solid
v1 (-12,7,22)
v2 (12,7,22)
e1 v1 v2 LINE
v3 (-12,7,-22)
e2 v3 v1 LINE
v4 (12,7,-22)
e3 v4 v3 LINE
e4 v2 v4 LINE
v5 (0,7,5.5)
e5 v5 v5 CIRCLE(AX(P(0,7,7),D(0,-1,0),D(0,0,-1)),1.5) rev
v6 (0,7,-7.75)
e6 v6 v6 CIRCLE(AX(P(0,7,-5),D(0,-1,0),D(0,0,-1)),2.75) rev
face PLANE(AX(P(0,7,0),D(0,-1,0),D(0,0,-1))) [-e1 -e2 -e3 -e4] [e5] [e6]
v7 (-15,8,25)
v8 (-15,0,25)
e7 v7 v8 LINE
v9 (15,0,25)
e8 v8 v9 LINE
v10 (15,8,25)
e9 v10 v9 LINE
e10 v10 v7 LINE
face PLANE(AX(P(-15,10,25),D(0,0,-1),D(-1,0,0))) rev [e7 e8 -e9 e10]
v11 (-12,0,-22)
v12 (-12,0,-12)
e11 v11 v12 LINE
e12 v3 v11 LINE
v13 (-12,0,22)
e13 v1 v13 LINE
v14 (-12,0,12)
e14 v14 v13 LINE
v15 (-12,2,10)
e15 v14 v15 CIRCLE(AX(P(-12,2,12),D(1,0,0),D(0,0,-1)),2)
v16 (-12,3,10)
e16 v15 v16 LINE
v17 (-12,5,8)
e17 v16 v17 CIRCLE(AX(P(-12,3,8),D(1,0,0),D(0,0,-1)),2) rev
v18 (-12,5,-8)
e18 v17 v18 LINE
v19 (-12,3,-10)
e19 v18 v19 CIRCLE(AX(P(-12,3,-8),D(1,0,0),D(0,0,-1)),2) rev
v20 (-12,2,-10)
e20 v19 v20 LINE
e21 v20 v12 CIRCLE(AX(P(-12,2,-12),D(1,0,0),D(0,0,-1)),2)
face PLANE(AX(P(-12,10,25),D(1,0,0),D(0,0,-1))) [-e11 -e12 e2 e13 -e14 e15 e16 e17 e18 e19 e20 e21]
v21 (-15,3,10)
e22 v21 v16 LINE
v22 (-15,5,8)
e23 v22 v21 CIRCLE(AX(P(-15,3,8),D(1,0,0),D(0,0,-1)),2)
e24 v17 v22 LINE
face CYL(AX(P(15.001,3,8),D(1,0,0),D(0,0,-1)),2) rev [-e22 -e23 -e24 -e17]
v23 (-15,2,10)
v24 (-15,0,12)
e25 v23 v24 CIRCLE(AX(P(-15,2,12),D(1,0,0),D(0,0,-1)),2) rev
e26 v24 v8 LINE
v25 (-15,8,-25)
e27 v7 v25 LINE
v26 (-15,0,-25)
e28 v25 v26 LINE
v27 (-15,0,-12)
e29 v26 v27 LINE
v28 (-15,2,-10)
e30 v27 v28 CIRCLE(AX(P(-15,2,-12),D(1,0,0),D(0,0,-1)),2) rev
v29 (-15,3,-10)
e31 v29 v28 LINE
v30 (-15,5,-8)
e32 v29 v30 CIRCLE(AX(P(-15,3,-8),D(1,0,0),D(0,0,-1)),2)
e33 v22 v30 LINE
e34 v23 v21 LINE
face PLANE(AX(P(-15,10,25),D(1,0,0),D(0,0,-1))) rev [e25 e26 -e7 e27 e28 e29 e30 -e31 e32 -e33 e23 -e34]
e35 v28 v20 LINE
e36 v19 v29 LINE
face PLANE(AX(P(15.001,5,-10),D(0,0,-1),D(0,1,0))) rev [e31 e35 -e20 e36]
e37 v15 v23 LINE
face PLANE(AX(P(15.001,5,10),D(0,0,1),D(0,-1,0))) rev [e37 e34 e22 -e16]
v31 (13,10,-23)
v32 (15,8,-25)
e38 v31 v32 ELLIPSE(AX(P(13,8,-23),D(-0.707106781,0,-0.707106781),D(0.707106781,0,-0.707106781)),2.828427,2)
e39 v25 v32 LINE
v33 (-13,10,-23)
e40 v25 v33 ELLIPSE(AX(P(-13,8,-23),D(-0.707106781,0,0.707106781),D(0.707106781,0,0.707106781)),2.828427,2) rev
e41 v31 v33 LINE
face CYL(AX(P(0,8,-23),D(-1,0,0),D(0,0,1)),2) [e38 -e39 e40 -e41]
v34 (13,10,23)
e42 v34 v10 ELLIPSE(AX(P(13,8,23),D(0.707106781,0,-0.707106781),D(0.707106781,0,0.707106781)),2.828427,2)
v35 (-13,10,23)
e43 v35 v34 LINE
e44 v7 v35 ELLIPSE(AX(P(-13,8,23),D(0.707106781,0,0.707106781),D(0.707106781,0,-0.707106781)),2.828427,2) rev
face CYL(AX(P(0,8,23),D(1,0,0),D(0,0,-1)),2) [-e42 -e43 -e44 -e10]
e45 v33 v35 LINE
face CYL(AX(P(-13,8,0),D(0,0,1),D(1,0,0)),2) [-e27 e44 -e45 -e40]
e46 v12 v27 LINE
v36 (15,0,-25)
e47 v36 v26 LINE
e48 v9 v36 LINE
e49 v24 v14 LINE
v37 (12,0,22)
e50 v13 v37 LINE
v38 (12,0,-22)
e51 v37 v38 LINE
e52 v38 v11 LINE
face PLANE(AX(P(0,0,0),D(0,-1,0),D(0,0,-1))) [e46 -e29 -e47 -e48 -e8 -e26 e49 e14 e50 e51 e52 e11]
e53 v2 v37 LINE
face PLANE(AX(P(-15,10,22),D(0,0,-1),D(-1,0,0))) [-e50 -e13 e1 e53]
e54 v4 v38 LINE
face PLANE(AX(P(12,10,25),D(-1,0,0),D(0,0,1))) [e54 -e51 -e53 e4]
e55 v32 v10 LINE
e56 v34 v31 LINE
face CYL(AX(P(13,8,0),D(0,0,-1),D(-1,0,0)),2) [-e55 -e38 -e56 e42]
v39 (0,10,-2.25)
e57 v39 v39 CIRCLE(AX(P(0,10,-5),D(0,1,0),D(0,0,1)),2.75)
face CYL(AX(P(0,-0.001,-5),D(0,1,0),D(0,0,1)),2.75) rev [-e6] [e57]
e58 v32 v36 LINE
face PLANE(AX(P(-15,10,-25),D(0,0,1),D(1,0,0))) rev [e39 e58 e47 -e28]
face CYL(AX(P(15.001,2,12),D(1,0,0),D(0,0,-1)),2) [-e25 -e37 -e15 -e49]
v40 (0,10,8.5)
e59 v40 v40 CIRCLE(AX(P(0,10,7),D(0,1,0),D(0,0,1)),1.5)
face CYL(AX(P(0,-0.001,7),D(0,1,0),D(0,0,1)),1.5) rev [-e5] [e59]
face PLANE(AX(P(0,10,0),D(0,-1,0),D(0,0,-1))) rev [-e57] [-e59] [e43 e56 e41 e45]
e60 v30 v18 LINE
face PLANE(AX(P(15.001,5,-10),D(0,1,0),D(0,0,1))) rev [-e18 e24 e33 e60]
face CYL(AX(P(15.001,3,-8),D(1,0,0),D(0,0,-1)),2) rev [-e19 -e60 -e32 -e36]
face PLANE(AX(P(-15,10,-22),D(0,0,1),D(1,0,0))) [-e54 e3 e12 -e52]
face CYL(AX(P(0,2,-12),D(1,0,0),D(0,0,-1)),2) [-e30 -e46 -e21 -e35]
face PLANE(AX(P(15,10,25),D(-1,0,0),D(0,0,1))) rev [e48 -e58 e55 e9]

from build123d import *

# Parameters (mm, degrees)
SKETCH1_W           = 30
SKETCH1_H           = 50
BOSS_EXTRUDE1_DEPTH = 10
SHELL1_T            = -3
CUT_EXTRUDE1_REACH  = 32.822
SKETCH2_R           = 1.5
SKETCH2_R_2         = 2.75
CUT_EXTRUDE2_REACH  = 42.311
SKETCH3_W           = 20
SKETCH3_H           = 5
FILLET1_R           = 2
FILLET2_R           = 2


with BuildPart() as part:
    # Sketch1 → Boss-Extrude1 (new body)
    with BuildSketch(Plane(origin=(0, 0, 0), x_dir=(1, 0, 0), z_dir=(0, 1, 0))):
        Rectangle(SKETCH1_W, SKETCH1_H)
    extrude(amount=BOSS_EXTRUDE1_DEPTH)

    # Shell1
    shell1_openings = [part.faces().sort_by_distance(p)[0] for p in [
        (0, 0, 0),
    ]]
    offset(amount=SHELL1_T, openings=shell1_openings, kind=Kind.INTERSECTION)

    # Sketch2 → Cut-Extrude1 (cut, up to next)
    with BuildSketch(Plane(origin=(0, 10, 0), x_dir=(1, 0, 0), z_dir=(0, 1, 0)), mode=Mode.PRIVATE) as cut_extrude1_sk1:
        with Locations(Location((0, -7, 0), (0, 0, 270))):
            Circle(SKETCH2_R)
    cut_extrude1_tool1 = extrude(cut_extrude1_sk1.sketch, amount=-CUT_EXTRUDE1_REACH, mode=Mode.PRIVATE) & part.part
    # Sketch2 → Cut-Extrude1 (cut, up to next)
    with BuildSketch(Plane(origin=(0, 10, 0), x_dir=(1, 0, 0), z_dir=(0, 1, 0)), mode=Mode.PRIVATE) as cut_extrude1_sk2:
        with Locations(Location((0, 5, 0), (0, 0, 270))):
            Circle(SKETCH2_R_2)
    cut_extrude1_tool2 = extrude(cut_extrude1_sk2.sketch, amount=-CUT_EXTRUDE1_REACH, mode=Mode.PRIVATE) & part.part
    add(cut_extrude1_tool1.solids().sort_by_distance((0, 10, 7))[0], mode=Mode.SUBTRACT)
    add(cut_extrude1_tool2.solids().sort_by_distance((0, 10, -5))[0], mode=Mode.SUBTRACT)

    # Sketch3 → Cut-Extrude2 (cut, up to next)
    with BuildSketch(Plane.ZY.offset(15), mode=Mode.PRIVATE) as cut_extrude2_sk1:
        with Locations((0, 2.5)):
            Rectangle(SKETCH3_W, SKETCH3_H)
    cut_extrude2_tool1 = extrude(cut_extrude2_sk1.sketch, amount=-CUT_EXTRUDE2_REACH, mode=Mode.PRIVATE) & part.part
    add(cut_extrude2_tool1.solids().sort_by_distance((-15, 2.5, 0))[0], mode=Mode.SUBTRACT)

    # Fillet1
    fillet1_edges = [part.edges().sort_by_distance(p)[0] for p in [
        (-13.5, 5, -10),
        (-13.5, 0, -10),
        (-13.5, 0, 10),
        (-13.5, 5, 10),
    ]]
    fillet(fillet1_edges, radius=FILLET1_R)

    # Fillet2
    fillet2_edges = [part.edges().sort_by_distance(p)[0] for p in [
        (-15, 10, 0),
        (0, 10, 25),
        (15, 10, 0),
        (0, 10, -25),
    ]]
    fillet(fillet2_edges, radius=FILLET2_R)


solid = part.part
